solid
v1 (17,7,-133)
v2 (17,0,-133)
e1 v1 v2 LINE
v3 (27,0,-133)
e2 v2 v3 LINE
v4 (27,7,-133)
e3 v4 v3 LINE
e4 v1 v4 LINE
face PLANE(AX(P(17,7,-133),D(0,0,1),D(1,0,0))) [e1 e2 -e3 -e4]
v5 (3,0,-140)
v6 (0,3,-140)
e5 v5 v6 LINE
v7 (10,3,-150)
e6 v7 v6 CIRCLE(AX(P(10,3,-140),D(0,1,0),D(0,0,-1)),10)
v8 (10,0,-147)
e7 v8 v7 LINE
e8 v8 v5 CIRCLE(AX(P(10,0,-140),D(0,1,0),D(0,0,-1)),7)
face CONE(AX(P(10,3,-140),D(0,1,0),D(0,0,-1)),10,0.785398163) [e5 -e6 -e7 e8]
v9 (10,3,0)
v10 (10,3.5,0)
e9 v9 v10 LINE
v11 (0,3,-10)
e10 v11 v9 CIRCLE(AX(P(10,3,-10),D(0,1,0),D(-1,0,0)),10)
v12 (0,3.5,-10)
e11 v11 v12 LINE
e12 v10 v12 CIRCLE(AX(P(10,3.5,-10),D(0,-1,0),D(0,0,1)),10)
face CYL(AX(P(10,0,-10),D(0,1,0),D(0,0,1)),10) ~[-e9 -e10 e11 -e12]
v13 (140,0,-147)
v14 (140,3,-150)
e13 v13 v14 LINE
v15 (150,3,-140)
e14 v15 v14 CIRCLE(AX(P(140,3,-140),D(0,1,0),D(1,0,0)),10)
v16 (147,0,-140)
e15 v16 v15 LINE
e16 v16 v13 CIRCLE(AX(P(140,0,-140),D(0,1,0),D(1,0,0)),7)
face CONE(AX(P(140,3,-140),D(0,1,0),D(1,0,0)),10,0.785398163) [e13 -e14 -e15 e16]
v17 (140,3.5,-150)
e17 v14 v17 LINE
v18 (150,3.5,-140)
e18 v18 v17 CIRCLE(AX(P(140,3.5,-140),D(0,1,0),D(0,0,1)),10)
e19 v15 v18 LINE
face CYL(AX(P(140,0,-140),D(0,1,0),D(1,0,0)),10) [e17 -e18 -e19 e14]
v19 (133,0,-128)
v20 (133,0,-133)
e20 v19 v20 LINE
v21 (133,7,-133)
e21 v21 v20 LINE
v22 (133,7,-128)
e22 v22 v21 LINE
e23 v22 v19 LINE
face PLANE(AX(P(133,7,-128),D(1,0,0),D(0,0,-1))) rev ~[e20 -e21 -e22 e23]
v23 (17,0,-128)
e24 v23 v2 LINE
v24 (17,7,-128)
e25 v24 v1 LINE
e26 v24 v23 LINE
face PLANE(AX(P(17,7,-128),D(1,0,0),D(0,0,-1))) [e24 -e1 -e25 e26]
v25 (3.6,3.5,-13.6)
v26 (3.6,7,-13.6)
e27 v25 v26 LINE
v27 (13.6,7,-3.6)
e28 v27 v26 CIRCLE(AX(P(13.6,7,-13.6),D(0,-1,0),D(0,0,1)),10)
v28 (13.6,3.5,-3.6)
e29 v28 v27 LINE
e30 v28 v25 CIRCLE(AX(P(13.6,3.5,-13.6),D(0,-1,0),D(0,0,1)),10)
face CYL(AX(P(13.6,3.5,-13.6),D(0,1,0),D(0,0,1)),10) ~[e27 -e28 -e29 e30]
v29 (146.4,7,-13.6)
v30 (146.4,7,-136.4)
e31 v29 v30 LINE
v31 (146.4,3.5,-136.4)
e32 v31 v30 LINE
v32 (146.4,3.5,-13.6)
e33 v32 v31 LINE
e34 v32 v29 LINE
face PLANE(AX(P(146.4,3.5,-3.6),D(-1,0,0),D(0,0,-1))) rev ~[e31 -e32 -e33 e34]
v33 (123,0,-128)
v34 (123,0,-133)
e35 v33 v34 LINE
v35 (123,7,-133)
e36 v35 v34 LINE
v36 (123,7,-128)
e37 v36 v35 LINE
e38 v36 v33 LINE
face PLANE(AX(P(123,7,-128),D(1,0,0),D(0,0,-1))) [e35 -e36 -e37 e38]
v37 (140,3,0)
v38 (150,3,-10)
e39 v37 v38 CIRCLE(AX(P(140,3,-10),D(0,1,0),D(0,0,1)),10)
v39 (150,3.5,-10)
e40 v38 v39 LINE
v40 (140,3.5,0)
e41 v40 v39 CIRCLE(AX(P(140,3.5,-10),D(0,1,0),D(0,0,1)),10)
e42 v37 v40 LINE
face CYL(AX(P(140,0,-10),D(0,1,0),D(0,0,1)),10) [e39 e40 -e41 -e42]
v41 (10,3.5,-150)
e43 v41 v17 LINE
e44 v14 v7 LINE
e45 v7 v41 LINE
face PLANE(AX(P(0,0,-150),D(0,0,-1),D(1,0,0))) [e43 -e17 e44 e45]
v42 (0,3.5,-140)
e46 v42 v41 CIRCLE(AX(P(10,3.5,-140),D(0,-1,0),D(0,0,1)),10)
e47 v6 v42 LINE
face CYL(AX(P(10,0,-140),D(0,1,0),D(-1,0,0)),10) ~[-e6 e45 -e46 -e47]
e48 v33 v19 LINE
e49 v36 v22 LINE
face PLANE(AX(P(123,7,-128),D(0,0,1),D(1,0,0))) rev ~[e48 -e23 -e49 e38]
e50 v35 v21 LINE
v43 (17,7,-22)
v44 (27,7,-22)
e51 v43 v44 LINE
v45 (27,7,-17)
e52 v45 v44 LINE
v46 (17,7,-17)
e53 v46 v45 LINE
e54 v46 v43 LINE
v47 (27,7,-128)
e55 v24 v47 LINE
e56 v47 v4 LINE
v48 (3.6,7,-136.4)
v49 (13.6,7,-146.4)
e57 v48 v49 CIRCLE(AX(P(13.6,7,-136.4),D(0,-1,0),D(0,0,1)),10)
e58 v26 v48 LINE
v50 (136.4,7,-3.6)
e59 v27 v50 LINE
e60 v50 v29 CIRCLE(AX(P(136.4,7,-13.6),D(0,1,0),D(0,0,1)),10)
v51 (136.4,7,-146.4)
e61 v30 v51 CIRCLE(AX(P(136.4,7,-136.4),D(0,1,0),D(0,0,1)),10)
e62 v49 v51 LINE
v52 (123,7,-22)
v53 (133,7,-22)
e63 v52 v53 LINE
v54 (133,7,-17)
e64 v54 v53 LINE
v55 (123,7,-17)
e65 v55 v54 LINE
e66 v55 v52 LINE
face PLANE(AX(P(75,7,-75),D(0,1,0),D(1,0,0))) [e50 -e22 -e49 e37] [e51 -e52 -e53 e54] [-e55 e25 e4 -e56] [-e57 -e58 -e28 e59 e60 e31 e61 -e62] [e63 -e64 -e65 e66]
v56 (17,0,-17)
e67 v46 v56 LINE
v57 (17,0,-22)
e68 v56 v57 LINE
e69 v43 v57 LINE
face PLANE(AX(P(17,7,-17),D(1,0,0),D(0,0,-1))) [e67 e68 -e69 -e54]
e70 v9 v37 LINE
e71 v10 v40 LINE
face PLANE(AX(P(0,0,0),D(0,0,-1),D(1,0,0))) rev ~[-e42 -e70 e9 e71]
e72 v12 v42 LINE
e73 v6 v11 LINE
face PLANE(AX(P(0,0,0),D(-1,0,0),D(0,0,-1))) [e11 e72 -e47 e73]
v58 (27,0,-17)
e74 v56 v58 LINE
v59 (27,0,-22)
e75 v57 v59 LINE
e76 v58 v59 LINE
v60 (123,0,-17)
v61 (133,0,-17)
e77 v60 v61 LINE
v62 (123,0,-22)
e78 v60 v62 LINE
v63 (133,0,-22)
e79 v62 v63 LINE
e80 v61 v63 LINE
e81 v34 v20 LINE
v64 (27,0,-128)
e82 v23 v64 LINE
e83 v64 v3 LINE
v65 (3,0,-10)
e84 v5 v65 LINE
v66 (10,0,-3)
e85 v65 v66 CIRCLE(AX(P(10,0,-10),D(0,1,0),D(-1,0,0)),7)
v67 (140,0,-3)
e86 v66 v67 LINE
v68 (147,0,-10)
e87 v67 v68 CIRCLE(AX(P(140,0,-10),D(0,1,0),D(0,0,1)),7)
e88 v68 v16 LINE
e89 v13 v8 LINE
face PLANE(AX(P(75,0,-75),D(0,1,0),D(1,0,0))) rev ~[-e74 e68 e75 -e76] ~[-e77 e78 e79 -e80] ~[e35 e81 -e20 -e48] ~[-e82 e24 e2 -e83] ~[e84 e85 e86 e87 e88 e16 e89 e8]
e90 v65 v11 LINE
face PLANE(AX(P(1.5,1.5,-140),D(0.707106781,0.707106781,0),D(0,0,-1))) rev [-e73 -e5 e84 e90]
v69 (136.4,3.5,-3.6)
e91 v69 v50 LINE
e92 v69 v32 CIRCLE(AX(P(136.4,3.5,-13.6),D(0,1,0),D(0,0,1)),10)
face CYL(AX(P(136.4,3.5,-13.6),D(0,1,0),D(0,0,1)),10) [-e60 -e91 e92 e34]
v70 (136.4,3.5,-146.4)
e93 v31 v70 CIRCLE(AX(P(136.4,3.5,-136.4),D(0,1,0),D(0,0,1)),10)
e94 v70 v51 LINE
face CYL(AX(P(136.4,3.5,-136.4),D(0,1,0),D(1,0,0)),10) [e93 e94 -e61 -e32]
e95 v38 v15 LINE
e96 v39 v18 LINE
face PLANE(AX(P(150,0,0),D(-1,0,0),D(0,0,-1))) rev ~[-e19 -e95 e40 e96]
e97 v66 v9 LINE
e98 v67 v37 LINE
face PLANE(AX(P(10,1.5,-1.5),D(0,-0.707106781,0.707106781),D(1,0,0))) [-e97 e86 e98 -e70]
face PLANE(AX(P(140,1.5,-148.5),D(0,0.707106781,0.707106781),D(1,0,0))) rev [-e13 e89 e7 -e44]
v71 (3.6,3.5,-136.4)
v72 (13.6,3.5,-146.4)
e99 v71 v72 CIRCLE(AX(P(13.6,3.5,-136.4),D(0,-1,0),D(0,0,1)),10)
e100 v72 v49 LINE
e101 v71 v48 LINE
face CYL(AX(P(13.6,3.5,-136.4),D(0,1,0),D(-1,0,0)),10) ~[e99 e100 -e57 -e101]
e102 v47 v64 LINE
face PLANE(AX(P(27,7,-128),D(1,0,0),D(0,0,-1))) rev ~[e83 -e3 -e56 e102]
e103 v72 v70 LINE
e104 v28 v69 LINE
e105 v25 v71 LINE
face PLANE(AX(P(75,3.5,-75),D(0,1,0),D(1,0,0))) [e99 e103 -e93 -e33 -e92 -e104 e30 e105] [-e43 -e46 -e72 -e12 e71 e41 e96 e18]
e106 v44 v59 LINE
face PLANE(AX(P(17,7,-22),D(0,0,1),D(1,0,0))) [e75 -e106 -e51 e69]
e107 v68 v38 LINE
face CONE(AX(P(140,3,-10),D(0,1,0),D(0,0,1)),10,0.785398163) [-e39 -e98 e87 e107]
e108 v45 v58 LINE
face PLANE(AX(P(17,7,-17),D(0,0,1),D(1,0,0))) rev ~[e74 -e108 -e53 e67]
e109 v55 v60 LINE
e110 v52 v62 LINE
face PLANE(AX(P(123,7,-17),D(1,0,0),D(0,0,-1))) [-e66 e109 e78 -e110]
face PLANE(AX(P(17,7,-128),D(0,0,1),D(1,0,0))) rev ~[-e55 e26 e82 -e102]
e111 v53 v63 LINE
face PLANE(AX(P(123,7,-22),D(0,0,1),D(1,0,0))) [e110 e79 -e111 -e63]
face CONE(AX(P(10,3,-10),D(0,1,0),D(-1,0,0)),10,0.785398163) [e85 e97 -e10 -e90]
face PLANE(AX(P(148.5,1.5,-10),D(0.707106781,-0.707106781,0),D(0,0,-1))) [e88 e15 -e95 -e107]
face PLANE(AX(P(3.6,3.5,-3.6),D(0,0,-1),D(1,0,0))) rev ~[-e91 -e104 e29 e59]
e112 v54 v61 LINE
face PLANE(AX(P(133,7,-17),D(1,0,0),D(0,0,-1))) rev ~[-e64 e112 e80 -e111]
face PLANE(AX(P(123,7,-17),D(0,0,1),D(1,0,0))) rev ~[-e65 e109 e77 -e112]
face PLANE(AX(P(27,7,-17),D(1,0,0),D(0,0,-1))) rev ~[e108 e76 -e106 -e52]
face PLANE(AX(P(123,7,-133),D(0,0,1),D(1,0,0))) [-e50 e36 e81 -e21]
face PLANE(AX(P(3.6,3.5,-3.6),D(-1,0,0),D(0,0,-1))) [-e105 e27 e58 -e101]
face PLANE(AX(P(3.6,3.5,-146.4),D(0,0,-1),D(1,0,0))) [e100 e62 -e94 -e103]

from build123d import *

# Parameters (mm, degrees)
SKETCH1_W           = 150
SKETCH1_H           = 150
BOSS_EXTRUDE1_DEPTH = 3.5
SKETCH2_W           = 142.8
SKETCH2_H           = 142.8
BOSS_EXTRUDE2_DEPTH = 3.5
FILLET9_R           = 10
FILLET10_R          = 10
CHAMFER3_SIZE       = 3
SKETCH3_W           = 10
SKETCH3_H           = 5
CUT_EXTRUDE1_DEPTH  = 10
SKETCH4_W           = 10
SKETCH4_H           = 5
CUT_EXTRUDE2_DEPTH  = 10
SKETCH5_W           = 10
SKETCH5_H           = 5
CUT_EXTRUDE3_DEPTH  = 10
SKETCH6_W           = 10
SKETCH6_H           = 5
CUT_EXTRUDE4_DEPTH  = 10


with BuildPart() as part:
    # Sketch1 → Boss-Extrude1 (new body)
    with BuildSketch(Plane(origin=(0, 0, 0), x_dir=(1, 0, 0), z_dir=(0, 1, 0))):
        with Locations((75, 75)):
            Rectangle(SKETCH1_W, SKETCH1_H)
    extrude(amount=BOSS_EXTRUDE1_DEPTH)

    # Sketch2 → Boss-Extrude2 (add)
    with BuildSketch(Plane(origin=(0, 3.5, 0), x_dir=(1, 0, 0), z_dir=(0, 1, 0))):
        with Locations((75, 75)):
            Rectangle(SKETCH2_W, SKETCH2_H)
    extrude(amount=BOSS_EXTRUDE2_DEPTH)

    # Fillet9
    fillet9_edges = [part.edges().sort_by_distance(p)[0] for p in [
        (146.4, 5.25, -3.6),
        (150, 1.75, 0),
    ]]
    fillet(fillet9_edges, radius=FILLET9_R)

    # Fillet10
    fillet10_edges = [part.edges().sort_by_distance(p)[0] for p in [
        (3.6, 5.25, -146.4),
        (3.6, 5.25, -3.6),
        (146.4, 5.25, -146.4),
        (0, 1.75, -150),
        (150, 1.75, -150),
        (0, 1.75, 0),
    ]]
    fillet(fillet10_edges, radius=FILLET10_R)

    # Chamfer3
    chamfer3_edges = [part.edges().sort_by_distance(p)[0] for p in [
        (150, 0, -75),
        (147.071067812, 0, -2.928932188),
        (0, 0, -75),
        (75, 0, 0),
        (75, 0, -150),
        (147.071067812, 0, -147.071067812),
        (2.928932188, 0, -2.928932188),
        (2.928932188, 0, -147.071067812),
    ]]
    chamfer(chamfer3_edges, length=CHAMFER3_SIZE)

    # Sketch3 → Cut-Extrude1 (cut)
    with BuildSketch(Plane(origin=(0, 7, 0), x_dir=(1, 0, 0), z_dir=(0, 1, 0))):
        with Locations((22, 19.5)):
            Rectangle(SKETCH3_W, SKETCH3_H)
    extrude(amount=-CUT_EXTRUDE1_DEPTH, mode=Mode.SUBTRACT)

    # Sketch4 → Cut-Extrude2 (cut)
    with BuildSketch(Plane(origin=(0, 7, 0), x_dir=(1, 0, 0), z_dir=(0, 1, 0))):
        with Locations((22, 130.5)):
            Rectangle(SKETCH4_W, SKETCH4_H)
    extrude(amount=-CUT_EXTRUDE2_DEPTH, mode=Mode.SUBTRACT)

    # Sketch5 → Cut-Extrude3 (cut)
    with BuildSketch(Plane(origin=(0, 7, 0), x_dir=(1, 0, 0), z_dir=(0, 1, 0))):
        with Locations((128, 19.5)):
            Rectangle(SKETCH5_W, SKETCH5_H)
    extrude(amount=-CUT_EXTRUDE3_DEPTH, mode=Mode.SUBTRACT)

    # Sketch6 → Cut-Extrude4 (cut)
    with BuildSketch(Plane(origin=(0, 7, 0), x_dir=(1, 0, 0), z_dir=(0, 1, 0))):
        with Locations((128, 130.5)):
            Rectangle(SKETCH6_W, SKETCH6_H)
    extrude(amount=-CUT_EXTRUDE4_DEPTH, mode=Mode.SUBTRACT)


solid = part.part
